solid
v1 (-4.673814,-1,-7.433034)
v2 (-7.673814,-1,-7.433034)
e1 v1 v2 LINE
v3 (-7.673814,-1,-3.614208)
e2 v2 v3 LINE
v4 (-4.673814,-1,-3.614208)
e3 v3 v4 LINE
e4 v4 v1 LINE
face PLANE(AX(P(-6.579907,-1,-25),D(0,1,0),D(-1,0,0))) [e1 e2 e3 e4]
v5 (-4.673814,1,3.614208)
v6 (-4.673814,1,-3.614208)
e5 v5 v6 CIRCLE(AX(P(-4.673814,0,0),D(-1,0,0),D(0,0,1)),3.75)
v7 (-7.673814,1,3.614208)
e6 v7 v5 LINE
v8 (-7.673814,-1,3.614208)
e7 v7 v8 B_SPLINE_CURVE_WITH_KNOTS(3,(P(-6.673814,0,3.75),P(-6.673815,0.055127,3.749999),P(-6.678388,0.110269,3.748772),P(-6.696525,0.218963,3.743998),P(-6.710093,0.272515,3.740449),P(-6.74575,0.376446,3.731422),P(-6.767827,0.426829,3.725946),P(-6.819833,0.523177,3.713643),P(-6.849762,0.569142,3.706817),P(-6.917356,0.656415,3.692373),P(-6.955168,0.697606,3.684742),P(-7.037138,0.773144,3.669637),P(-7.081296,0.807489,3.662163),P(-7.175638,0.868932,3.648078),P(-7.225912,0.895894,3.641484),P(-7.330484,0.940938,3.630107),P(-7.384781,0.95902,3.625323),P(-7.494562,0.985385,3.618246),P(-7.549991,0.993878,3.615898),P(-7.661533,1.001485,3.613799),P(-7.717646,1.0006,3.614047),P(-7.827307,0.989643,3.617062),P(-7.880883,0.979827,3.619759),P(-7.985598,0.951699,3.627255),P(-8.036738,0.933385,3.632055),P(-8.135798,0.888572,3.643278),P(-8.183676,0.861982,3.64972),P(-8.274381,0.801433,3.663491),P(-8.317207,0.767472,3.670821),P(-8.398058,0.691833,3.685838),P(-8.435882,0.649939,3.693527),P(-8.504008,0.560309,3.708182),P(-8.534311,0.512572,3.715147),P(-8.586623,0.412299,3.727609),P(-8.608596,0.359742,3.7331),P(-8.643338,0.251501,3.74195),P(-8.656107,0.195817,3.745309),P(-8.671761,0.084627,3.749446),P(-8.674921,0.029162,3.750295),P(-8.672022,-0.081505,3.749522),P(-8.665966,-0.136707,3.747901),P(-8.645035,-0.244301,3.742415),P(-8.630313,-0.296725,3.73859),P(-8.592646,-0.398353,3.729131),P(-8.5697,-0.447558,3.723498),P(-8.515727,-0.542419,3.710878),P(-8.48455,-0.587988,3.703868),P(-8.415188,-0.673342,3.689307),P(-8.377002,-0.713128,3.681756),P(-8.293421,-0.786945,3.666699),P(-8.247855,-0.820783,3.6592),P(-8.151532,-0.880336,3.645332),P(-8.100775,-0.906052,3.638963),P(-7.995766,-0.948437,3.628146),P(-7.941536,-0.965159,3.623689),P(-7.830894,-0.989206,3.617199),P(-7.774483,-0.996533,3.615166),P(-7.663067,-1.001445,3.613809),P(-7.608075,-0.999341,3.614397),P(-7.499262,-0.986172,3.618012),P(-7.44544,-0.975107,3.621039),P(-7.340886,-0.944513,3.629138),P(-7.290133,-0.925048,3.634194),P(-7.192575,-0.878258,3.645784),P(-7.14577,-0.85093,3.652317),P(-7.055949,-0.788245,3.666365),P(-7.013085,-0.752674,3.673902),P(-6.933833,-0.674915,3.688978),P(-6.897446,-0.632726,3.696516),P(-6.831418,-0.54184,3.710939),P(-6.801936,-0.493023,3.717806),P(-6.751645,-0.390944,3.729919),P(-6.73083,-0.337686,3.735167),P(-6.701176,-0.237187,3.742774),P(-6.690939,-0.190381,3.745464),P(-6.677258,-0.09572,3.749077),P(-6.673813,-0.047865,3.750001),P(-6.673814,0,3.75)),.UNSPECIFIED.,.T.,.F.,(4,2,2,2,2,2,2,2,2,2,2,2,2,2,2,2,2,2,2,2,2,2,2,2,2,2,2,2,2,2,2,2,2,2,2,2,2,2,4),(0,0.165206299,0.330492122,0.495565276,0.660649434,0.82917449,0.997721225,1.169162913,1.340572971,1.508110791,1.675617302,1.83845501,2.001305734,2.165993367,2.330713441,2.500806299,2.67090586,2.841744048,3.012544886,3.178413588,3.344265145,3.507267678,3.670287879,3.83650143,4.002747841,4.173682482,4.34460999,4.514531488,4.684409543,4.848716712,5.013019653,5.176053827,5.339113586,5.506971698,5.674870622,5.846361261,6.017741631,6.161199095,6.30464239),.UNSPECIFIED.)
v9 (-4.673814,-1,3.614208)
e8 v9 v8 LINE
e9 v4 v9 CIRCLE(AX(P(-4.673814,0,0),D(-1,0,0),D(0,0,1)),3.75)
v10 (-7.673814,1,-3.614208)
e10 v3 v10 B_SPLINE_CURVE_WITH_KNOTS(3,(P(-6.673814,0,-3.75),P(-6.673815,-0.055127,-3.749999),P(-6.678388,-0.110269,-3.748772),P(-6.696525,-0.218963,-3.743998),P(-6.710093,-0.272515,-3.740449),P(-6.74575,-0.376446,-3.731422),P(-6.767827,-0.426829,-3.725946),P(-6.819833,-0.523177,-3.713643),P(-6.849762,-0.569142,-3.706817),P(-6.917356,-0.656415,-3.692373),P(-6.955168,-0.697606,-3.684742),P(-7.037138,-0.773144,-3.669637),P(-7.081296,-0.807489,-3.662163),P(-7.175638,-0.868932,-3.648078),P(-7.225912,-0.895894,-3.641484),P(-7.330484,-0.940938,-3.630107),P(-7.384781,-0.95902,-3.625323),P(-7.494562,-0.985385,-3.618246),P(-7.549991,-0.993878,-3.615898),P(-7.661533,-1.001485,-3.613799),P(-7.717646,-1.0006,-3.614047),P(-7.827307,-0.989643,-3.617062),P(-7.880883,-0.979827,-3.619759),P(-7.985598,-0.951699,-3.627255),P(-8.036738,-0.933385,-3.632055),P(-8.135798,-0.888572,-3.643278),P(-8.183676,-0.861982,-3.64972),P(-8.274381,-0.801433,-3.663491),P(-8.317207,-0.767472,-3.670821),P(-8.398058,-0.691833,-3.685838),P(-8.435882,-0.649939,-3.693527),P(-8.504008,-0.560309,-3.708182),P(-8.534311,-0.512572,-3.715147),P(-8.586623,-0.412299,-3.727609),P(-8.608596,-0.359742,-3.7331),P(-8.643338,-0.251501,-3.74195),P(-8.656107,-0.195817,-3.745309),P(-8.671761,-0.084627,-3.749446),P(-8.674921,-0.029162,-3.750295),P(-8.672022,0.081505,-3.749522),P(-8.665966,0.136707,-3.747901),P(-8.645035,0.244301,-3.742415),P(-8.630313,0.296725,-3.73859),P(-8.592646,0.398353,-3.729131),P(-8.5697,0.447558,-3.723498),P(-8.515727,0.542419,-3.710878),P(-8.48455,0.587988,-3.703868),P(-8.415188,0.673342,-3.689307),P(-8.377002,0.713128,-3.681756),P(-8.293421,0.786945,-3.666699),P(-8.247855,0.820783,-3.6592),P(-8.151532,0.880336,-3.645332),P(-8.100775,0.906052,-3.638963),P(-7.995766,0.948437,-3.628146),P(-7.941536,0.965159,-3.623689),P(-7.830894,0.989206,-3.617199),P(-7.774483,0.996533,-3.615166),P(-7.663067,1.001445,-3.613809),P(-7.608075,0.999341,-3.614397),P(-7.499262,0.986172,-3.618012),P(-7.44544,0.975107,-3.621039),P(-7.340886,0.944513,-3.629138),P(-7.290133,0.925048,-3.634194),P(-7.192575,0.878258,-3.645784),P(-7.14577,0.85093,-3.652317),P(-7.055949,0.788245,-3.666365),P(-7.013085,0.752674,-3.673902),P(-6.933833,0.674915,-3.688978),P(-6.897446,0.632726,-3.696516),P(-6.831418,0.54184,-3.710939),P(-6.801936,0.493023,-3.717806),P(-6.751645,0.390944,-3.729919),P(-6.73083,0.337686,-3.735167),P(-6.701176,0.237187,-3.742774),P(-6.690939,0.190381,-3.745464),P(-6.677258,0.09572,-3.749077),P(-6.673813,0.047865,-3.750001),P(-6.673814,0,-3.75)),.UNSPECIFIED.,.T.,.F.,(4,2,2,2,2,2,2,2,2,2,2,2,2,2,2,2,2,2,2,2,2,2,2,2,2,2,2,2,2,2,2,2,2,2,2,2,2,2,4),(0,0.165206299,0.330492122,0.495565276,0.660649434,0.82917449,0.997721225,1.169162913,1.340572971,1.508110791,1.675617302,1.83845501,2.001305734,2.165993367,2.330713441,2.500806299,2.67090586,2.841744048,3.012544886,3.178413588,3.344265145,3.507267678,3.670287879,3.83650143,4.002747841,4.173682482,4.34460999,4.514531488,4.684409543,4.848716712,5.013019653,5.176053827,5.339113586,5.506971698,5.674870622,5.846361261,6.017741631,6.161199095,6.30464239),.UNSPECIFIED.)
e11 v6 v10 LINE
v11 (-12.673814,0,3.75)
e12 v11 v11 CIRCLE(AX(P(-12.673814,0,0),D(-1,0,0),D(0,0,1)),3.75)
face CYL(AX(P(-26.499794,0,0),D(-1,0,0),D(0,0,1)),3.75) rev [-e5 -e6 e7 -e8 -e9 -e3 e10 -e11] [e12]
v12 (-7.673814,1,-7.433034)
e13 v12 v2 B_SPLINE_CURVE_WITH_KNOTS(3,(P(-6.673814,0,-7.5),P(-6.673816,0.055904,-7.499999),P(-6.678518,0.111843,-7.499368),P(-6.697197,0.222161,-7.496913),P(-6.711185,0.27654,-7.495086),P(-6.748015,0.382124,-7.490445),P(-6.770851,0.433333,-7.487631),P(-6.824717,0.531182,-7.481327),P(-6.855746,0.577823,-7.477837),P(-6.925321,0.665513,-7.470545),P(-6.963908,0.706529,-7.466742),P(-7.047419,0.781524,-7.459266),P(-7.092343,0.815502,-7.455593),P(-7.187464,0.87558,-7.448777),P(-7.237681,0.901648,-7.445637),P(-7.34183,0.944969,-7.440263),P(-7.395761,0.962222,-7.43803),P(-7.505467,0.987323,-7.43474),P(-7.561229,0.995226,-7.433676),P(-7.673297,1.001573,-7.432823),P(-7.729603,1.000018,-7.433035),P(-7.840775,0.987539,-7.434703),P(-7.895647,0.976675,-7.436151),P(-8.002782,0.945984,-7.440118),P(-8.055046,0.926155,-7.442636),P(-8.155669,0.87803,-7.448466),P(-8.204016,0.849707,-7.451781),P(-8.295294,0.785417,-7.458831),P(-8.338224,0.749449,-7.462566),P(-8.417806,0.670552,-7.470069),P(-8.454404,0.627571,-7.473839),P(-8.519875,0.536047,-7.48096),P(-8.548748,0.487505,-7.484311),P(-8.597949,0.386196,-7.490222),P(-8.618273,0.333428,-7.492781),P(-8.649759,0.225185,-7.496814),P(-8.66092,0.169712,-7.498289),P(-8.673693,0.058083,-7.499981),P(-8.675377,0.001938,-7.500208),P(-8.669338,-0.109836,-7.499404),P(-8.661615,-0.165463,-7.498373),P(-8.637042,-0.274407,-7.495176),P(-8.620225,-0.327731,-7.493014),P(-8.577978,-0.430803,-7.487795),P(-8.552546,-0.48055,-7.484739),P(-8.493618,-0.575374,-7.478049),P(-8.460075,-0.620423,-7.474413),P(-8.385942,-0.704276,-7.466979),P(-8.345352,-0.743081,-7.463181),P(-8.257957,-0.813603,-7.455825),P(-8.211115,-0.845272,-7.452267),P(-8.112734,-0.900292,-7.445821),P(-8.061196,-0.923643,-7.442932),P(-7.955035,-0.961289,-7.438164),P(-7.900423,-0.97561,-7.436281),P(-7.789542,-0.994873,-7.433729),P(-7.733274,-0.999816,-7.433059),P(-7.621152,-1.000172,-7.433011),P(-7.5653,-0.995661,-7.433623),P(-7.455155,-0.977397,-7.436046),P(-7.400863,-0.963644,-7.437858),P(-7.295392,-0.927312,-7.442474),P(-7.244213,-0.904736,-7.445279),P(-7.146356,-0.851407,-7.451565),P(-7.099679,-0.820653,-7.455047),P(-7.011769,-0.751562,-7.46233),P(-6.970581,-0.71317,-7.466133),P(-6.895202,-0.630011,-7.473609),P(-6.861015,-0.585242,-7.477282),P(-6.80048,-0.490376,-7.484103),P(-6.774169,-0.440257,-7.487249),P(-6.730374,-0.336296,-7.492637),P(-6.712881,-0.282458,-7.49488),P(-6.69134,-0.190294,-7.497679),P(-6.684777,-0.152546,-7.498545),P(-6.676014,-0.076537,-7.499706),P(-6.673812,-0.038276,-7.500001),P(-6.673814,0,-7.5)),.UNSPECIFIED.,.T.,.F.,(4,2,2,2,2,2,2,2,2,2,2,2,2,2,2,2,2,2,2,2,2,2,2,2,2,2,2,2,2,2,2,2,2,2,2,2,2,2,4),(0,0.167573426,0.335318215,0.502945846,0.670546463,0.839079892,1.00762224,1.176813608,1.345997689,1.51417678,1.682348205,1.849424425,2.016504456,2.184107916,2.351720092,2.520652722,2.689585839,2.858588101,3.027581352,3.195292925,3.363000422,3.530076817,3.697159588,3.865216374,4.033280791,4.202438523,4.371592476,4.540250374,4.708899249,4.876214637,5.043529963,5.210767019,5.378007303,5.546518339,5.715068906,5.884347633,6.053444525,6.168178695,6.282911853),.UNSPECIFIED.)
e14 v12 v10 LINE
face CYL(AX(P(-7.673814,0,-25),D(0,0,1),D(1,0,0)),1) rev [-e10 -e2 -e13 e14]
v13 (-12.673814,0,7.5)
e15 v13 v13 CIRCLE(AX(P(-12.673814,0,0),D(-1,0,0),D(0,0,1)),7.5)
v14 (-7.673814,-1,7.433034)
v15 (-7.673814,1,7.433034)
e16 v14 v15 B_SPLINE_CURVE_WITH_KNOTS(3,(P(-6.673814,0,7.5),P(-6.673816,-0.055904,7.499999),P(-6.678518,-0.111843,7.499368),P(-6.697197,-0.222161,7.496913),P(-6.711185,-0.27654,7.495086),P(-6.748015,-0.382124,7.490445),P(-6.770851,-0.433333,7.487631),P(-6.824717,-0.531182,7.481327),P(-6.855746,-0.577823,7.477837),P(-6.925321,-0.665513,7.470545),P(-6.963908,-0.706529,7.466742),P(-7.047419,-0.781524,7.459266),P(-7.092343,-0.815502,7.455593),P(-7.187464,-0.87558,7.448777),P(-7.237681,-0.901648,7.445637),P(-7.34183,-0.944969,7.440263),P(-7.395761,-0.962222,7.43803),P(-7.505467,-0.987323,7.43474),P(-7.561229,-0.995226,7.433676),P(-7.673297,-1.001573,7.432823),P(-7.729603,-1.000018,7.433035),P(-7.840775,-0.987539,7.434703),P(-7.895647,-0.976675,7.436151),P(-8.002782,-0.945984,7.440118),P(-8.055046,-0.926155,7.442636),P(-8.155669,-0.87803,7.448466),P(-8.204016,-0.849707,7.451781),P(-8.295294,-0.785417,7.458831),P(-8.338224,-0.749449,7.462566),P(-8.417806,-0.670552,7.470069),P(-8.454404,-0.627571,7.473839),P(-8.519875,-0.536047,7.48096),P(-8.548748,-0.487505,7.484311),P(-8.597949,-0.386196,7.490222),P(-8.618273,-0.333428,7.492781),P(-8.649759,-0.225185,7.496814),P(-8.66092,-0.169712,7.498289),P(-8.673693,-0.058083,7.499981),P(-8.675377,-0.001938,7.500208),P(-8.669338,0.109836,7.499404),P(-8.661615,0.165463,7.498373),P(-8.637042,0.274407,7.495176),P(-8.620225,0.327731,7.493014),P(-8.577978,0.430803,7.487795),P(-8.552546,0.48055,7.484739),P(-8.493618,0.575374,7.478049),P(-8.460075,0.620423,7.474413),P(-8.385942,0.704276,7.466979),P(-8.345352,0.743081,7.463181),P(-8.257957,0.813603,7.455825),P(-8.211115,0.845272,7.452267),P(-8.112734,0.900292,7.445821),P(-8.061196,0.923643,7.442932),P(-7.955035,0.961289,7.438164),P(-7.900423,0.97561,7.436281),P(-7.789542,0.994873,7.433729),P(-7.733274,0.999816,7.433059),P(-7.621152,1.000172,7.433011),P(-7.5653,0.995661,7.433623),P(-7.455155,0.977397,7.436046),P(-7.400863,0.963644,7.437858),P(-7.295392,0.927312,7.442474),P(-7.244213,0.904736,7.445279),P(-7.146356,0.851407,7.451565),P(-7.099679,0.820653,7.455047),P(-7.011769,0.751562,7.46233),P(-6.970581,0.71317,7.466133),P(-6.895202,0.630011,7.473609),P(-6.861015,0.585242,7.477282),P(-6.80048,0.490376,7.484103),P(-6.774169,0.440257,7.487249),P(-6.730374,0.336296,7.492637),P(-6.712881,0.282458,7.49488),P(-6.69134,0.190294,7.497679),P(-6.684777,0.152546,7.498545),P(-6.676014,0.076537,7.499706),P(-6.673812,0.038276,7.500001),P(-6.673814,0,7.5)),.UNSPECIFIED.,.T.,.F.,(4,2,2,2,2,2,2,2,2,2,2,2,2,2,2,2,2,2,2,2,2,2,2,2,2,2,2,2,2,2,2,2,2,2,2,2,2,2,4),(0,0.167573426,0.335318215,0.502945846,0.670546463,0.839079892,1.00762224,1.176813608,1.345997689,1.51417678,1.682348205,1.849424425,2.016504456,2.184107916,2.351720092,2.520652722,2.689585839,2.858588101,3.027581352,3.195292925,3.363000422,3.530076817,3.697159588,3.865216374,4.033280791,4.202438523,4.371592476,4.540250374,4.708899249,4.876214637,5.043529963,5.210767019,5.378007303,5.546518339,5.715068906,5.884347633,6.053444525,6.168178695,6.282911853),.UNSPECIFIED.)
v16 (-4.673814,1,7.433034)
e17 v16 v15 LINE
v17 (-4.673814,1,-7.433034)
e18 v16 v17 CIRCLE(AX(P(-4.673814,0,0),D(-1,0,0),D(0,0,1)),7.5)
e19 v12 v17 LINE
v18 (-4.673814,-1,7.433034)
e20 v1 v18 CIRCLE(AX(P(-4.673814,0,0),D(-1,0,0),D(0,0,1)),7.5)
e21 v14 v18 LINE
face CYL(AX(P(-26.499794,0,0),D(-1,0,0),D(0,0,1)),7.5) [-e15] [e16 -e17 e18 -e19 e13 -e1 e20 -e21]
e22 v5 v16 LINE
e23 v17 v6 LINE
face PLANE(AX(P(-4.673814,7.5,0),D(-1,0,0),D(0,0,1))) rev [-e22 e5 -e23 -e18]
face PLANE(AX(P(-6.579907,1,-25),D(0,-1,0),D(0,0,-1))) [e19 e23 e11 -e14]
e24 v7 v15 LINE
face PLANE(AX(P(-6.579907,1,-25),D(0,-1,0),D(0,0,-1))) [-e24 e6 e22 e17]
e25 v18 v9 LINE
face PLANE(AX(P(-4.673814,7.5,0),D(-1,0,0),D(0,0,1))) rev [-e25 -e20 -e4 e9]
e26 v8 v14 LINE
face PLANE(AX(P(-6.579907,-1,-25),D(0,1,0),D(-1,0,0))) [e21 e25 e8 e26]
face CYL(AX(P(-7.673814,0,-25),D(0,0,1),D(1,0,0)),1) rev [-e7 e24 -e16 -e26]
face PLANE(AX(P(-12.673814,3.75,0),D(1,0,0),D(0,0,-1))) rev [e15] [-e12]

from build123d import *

# Parameters (mm, degrees)
ESQUISSE1_W             = 8
ESQUISSE1_H             = 3.75
ENL_V_MAT_EXTRU_2_DEPTH = 25


with BuildPart() as part:
    # Esquisse1 → R_volution1 (revolve)
    with BuildSketch(Plane.XY, mode=Mode.PRIVATE) as r_volution1_sk:
        with Locations((-8.673814, 5.625)):
            Rectangle(ESQUISSE1_W, ESQUISSE1_H)
    revolve(r_volution1_sk.sketch.rotate(Axis((-26.499793814, 0, 0), (1, 0, 0)), 90), axis=Axis((-26.499793814, 0, 0), (1, 0, 0)))  # turned: the seam where the file's is

    # Esquisse2 → Enl_v. mat.-Extru.2 (cut, symmetric)
    with BuildSketch(Plane.XY):
        with BuildLine():
            Line((-8.673814, 0), (-4.141062675, 0))
            Line((-4.141062675, 0), (-4.145756794, 1))
            Line((-4.145756794, 1), (-7.673814, 1))
            ThreePointArc((-7.673814, 1), (-8.380920781, 0.707106781), (-8.673814, 0))
        make_face()
        with BuildLine():
            Line((-7.673814, -1), (-4.136368556, -1))
            Line((-4.136368556, -1), (-4.141062675, 0))
            Line((-4.141062675, 0), (-8.673814, 0))
            ThreePointArc((-8.673814, 0), (-8.380920781, -0.707106781), (-7.673814, -1))
        make_face()
    extrude(amount=ENL_V_MAT_EXTRU_2_DEPTH, both=True, mode=Mode.SUBTRACT)


solid = part.part
